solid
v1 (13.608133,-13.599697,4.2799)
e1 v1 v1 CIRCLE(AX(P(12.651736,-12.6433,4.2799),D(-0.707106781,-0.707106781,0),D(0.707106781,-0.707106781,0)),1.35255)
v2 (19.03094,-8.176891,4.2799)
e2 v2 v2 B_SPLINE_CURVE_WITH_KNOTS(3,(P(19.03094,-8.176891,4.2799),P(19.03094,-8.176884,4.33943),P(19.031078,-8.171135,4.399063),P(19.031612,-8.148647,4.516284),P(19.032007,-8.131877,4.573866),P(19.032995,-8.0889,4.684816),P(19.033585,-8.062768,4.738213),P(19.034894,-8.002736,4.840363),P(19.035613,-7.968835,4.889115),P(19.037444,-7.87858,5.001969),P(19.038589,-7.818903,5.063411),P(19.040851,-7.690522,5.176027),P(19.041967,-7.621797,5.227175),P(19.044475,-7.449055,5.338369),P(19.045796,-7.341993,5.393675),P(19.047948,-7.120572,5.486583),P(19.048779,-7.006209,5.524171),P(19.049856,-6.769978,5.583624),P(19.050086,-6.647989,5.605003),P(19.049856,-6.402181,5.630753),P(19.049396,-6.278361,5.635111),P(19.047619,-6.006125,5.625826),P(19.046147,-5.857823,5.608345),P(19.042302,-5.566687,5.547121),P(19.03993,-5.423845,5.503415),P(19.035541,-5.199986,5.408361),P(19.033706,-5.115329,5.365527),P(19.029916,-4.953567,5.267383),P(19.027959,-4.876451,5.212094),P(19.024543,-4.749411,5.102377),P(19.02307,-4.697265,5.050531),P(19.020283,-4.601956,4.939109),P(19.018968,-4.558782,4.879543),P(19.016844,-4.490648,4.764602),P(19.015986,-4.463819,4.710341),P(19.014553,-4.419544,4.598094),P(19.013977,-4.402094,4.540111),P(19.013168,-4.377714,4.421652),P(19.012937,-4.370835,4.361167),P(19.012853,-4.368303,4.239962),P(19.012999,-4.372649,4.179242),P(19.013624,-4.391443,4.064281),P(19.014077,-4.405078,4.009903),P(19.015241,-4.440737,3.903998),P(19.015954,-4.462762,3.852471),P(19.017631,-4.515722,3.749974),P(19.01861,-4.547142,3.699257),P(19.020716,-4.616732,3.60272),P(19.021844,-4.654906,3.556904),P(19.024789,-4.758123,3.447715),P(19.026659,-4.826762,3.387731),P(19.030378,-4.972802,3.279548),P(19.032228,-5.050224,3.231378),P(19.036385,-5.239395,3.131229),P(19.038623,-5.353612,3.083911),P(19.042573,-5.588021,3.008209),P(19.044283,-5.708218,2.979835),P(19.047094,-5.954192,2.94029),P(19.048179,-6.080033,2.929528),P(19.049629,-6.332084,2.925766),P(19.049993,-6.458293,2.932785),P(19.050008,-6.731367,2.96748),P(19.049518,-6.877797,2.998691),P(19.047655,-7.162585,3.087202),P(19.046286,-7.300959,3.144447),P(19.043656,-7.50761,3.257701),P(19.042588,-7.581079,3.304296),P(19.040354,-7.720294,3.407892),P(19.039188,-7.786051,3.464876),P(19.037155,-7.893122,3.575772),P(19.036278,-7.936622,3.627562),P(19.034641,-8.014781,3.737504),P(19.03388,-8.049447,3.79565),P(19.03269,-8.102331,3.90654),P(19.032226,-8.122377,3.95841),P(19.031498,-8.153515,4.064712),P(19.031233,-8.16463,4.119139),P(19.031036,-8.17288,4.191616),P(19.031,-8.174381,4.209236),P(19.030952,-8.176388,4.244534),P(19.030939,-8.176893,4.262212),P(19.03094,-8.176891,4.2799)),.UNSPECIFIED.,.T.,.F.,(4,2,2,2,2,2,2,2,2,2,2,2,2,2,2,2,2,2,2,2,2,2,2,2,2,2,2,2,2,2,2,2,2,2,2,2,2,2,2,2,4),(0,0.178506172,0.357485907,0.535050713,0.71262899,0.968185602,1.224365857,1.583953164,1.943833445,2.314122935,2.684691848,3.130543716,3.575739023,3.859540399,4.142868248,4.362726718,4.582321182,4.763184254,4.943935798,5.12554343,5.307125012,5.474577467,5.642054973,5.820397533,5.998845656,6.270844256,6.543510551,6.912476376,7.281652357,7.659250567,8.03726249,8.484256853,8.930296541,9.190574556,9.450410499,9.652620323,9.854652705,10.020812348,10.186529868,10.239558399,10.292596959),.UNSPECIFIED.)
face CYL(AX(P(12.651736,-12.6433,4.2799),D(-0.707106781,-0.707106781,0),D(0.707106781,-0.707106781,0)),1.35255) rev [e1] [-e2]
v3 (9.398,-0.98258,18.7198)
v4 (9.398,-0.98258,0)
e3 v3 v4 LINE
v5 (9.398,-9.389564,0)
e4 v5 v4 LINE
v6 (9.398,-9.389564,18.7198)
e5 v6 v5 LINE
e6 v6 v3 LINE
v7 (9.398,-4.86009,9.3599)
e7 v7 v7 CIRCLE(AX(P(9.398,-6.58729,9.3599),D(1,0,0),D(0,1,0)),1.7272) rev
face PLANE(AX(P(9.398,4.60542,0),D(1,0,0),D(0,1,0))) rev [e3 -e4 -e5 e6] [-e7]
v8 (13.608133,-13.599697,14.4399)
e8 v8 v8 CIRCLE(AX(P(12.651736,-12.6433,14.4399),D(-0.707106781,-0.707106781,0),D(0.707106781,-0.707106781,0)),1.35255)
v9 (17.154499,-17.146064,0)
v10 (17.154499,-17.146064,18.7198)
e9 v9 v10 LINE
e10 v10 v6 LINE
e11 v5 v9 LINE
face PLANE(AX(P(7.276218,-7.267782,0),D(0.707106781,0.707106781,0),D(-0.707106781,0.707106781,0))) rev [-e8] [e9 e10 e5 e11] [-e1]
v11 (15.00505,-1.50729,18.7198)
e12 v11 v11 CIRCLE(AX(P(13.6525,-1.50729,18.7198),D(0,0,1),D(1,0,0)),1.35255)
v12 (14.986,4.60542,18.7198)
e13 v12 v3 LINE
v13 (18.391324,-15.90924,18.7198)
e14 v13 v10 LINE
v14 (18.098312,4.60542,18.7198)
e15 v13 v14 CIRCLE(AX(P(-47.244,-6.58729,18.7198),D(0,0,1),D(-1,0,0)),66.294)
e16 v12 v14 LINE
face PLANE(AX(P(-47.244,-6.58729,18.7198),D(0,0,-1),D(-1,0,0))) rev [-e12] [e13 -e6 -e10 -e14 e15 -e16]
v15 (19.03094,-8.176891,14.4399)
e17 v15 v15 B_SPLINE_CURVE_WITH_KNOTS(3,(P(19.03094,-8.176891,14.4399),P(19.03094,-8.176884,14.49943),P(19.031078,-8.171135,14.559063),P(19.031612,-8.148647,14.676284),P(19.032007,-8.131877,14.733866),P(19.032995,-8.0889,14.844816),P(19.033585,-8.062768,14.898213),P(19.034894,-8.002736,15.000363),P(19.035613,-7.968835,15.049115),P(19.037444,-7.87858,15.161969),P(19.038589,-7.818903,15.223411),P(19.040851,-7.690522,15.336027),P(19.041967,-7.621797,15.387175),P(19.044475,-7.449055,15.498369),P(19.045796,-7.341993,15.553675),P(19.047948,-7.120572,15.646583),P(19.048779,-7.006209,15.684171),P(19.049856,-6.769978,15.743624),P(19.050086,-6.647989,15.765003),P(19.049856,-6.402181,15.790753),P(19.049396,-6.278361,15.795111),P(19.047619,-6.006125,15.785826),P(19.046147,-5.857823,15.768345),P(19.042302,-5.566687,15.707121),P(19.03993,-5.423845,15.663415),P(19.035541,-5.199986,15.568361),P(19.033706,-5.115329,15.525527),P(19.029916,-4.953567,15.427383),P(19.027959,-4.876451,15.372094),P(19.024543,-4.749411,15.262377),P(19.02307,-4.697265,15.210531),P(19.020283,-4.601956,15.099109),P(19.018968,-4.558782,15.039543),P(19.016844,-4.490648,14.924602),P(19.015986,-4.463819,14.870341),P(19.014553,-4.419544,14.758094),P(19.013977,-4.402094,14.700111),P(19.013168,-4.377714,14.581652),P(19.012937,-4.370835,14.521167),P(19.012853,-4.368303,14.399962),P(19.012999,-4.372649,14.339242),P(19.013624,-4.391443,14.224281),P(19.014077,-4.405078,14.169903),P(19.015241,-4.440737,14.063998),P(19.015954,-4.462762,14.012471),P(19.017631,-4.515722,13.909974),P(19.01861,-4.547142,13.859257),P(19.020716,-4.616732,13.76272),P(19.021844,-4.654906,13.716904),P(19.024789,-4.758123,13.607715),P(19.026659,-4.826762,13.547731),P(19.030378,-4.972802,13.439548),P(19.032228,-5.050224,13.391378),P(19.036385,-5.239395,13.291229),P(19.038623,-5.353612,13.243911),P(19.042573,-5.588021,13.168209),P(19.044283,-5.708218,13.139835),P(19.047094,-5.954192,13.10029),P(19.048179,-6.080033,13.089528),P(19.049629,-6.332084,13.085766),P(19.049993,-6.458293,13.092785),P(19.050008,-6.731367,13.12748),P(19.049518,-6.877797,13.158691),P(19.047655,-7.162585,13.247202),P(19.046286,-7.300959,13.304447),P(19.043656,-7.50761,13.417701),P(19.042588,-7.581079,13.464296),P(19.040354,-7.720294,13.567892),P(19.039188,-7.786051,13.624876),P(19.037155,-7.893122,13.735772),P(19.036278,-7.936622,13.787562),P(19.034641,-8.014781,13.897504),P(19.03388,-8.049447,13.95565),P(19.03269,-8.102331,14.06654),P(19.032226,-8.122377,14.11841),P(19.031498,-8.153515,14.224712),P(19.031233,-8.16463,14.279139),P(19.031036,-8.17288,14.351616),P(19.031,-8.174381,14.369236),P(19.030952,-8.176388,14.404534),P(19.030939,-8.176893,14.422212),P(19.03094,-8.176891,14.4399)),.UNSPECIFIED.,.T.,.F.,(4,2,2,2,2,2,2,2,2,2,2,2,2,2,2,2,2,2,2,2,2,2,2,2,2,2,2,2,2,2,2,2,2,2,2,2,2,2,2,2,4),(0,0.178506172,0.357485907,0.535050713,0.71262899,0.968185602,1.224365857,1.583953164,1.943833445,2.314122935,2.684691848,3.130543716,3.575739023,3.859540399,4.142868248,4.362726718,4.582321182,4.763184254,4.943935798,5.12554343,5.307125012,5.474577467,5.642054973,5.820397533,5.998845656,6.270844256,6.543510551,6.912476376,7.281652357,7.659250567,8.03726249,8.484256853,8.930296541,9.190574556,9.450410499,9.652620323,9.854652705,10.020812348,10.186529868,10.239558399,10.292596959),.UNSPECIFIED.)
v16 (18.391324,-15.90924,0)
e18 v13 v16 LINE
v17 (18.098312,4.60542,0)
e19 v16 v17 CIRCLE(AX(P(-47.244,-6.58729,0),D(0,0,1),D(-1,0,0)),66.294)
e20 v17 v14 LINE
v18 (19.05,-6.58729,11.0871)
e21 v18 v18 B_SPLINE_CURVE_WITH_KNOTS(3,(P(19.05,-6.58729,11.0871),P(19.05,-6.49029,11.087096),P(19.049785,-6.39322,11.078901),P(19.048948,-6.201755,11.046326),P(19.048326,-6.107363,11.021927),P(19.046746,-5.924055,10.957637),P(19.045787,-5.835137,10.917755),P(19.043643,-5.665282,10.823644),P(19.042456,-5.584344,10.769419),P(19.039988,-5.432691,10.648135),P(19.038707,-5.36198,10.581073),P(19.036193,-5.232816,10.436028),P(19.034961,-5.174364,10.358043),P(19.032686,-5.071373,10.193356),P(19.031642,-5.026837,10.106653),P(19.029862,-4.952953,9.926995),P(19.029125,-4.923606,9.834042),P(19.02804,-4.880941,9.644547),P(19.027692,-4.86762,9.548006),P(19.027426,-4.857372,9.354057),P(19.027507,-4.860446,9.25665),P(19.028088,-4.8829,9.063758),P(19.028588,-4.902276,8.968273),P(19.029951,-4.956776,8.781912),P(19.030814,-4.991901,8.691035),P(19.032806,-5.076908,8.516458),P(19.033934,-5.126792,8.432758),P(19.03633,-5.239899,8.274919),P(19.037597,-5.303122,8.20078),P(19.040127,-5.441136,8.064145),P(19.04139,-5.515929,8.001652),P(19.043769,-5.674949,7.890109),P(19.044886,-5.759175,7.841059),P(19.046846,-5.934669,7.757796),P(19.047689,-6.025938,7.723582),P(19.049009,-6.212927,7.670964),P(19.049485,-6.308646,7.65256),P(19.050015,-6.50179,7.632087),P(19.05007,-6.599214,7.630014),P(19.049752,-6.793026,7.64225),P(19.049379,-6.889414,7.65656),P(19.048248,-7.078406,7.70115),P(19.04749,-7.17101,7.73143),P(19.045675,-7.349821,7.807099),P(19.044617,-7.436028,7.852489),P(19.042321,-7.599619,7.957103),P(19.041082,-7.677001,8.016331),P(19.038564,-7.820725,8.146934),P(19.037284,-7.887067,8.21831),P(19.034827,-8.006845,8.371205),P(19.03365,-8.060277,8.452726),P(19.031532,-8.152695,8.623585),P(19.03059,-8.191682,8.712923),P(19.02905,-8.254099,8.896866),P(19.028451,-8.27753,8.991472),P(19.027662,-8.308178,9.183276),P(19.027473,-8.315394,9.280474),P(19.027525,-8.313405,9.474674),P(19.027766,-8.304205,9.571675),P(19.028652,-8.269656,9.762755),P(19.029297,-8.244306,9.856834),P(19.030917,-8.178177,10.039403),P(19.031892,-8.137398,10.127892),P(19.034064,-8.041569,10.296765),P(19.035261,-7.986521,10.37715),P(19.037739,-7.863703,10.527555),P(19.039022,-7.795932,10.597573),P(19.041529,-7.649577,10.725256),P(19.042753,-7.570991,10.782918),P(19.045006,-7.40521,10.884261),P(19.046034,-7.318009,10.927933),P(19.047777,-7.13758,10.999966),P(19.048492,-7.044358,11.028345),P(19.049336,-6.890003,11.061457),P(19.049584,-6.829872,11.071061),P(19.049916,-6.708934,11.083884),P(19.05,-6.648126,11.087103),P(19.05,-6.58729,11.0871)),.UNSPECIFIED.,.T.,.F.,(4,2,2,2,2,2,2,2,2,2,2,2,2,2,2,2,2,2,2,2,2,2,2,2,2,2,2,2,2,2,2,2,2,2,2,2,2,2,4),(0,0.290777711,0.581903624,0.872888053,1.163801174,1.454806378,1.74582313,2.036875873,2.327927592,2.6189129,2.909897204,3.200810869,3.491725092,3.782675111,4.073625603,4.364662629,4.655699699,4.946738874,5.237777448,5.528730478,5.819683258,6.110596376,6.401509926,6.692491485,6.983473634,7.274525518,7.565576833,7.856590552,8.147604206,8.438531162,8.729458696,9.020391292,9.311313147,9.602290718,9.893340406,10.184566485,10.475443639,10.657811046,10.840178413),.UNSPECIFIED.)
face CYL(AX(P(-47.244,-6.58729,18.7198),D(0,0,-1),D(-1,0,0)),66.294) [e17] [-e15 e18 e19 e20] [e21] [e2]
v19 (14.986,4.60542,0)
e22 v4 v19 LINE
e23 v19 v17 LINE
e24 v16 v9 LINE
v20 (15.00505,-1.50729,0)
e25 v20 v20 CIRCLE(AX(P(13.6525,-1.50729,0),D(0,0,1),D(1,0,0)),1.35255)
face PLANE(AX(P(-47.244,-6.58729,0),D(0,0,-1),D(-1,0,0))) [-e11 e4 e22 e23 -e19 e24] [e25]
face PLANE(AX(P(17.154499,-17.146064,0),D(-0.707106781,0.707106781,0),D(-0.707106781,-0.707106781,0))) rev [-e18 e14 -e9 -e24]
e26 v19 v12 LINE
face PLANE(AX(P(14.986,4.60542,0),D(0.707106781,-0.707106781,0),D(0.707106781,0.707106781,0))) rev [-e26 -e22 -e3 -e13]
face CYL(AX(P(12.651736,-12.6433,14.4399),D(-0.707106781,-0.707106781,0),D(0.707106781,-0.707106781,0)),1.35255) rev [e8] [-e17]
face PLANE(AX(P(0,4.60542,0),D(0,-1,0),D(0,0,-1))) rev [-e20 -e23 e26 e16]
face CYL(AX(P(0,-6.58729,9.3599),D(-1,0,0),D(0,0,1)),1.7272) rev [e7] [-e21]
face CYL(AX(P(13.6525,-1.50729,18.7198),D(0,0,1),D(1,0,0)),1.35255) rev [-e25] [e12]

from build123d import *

# Parameters (mm, degrees)
EXTRUDE1_DEPTH            = 18.7198
SKETCH13_W                = 30.336118919
SKETCH13_H                = 26.43936277
EXTRUDE2_DEPTH            = 40.057833358
F_6_32_TAPPED_HOLE2_D     = 2.7051
EXTRUDE3_DEPTH            = 40.057833358
F_6_32_TAPPED_HOLE1_D     = 2.7051
F_8_32_TAPPED_HOLE5_D     = 3.4544
F_8_32_TAPPED_HOLE5_DEPTH = 19.05
F_8_32_TAPPED_HOLE5_TIP   = 1.037806461
SKETCH22_W                = 9.398
SKETCH22_H                = 21.690053411
EXTRUDE4_DEPTH            = 33.232321948
CHAMFER1_SIZE             = 5.588
CUT_EXTRUDE1_DEPTH        = 33.232321948


with BuildPart() as part:
    # Sketch1 → Extrude1 (new body)
    with BuildSketch(Plane.XY):
        with BuildLine():
            Line((0, 0), (0, -13.17458008))
            Line((0, -13.17458008), (15.324208221, -28.498788301))
            ThreePointArc((15.324208221, -28.498788301), (19.05, -6.58729004), (15.324208221, 15.324208221))
            Line((15.324208221, 15.324208221), (0, 15.324208221))
            Line((0, 15.324208221), (0, 0))
        make_face()
    extrude(amount=EXTRUDE1_DEPTH)

    # Sketch13 → Extrude2 (cut, through all)
    with BuildSketch(Plane.XY.offset(18.7198)):
        with Locations((15.16805946, 17.825101305)):
            Rectangle(SKETCH13_W, SKETCH13_H)
    extrude(amount=-EXTRUDE2_DEPTH, mode=Mode.SUBTRACT)

    # #6-32 Tapped Hole2 (through all)
    with Locations(Plane.XY.offset(18.7198)):
        with Locations((13.6525, -1.50729004)):
            Hole(F_6_32_TAPPED_HOLE2_D / 2)

    # Sketch14 → Extrude3 (cut, through all)
    with BuildSketch(Plane.XY.offset(18.7198)):
        Polygon((0.684709755, -13.859289835), (7.276217748, -7.267781842), (18.052525094, -18.044089188), (21.915716214, -21.907280308), (15.324208221, -28.498788301), align=None)
    extrude(amount=-EXTRUDE3_DEPTH, mode=Mode.SUBTRACT)

    # #6-32 Tapped Hole1 (through all)
    with Locations(Plane(origin=(12.651735758, -12.643299852, 14.4399), x_dir=(-0.707106781187, 0.707106781187, 0), z_dir=(-0.707106781187, -0.707106781187, 0))):
        with Locations((0, 0), (0, 10.16)):
            Hole(F_6_32_TAPPED_HOLE1_D / 2)

    # #8-32 Tapped Hole5
    with Locations(Plane.ZY):
        with Locations((9.3599, -6.58729004)):
            Hole(F_8_32_TAPPED_HOLE5_D / 2, depth=F_8_32_TAPPED_HOLE5_DEPTH)
            with Locations((0, 0, -(F_8_32_TAPPED_HOLE5_DEPTH + F_8_32_TAPPED_HOLE5_TIP / 2))):  # 118° drill point
                Cone(0, F_8_32_TAPPED_HOLE5_D / 2, F_8_32_TAPPED_HOLE5_TIP, mode=Mode.SUBTRACT)

    # Sketch22 → Extrude4 (cut, through all)
    with BuildSketch(Plane.XY.offset(18.7198)):
        with Locations((4.699, -6.239606786)):
            Rectangle(SKETCH22_W, SKETCH22_H)
    extrude(amount=-EXTRUDE4_DEPTH, mode=Mode.SUBTRACT)

    # Chamfer1
    chamfer1_edges = [part.edges().sort_by_distance(p)[0] for p in [
        (9.398, 4.60541992, 9.3599),
    ]]
    chamfer(chamfer1_edges, length=CHAMFER1_SIZE)

    # Sketch27 → Cut-Extrude1 (cut, through all)
    with BuildSketch(Plane.XY.offset(18.7198)):
        Polygon((17.154499481, -17.146063576), (21.888027801, -12.412535256), (22.786053413, -13.310560868), (18.052525094, -18.044089188), align=None)
    extrude(amount=-CUT_EXTRUDE1_DEPTH, mode=Mode.SUBTRACT)


solid = part.part
